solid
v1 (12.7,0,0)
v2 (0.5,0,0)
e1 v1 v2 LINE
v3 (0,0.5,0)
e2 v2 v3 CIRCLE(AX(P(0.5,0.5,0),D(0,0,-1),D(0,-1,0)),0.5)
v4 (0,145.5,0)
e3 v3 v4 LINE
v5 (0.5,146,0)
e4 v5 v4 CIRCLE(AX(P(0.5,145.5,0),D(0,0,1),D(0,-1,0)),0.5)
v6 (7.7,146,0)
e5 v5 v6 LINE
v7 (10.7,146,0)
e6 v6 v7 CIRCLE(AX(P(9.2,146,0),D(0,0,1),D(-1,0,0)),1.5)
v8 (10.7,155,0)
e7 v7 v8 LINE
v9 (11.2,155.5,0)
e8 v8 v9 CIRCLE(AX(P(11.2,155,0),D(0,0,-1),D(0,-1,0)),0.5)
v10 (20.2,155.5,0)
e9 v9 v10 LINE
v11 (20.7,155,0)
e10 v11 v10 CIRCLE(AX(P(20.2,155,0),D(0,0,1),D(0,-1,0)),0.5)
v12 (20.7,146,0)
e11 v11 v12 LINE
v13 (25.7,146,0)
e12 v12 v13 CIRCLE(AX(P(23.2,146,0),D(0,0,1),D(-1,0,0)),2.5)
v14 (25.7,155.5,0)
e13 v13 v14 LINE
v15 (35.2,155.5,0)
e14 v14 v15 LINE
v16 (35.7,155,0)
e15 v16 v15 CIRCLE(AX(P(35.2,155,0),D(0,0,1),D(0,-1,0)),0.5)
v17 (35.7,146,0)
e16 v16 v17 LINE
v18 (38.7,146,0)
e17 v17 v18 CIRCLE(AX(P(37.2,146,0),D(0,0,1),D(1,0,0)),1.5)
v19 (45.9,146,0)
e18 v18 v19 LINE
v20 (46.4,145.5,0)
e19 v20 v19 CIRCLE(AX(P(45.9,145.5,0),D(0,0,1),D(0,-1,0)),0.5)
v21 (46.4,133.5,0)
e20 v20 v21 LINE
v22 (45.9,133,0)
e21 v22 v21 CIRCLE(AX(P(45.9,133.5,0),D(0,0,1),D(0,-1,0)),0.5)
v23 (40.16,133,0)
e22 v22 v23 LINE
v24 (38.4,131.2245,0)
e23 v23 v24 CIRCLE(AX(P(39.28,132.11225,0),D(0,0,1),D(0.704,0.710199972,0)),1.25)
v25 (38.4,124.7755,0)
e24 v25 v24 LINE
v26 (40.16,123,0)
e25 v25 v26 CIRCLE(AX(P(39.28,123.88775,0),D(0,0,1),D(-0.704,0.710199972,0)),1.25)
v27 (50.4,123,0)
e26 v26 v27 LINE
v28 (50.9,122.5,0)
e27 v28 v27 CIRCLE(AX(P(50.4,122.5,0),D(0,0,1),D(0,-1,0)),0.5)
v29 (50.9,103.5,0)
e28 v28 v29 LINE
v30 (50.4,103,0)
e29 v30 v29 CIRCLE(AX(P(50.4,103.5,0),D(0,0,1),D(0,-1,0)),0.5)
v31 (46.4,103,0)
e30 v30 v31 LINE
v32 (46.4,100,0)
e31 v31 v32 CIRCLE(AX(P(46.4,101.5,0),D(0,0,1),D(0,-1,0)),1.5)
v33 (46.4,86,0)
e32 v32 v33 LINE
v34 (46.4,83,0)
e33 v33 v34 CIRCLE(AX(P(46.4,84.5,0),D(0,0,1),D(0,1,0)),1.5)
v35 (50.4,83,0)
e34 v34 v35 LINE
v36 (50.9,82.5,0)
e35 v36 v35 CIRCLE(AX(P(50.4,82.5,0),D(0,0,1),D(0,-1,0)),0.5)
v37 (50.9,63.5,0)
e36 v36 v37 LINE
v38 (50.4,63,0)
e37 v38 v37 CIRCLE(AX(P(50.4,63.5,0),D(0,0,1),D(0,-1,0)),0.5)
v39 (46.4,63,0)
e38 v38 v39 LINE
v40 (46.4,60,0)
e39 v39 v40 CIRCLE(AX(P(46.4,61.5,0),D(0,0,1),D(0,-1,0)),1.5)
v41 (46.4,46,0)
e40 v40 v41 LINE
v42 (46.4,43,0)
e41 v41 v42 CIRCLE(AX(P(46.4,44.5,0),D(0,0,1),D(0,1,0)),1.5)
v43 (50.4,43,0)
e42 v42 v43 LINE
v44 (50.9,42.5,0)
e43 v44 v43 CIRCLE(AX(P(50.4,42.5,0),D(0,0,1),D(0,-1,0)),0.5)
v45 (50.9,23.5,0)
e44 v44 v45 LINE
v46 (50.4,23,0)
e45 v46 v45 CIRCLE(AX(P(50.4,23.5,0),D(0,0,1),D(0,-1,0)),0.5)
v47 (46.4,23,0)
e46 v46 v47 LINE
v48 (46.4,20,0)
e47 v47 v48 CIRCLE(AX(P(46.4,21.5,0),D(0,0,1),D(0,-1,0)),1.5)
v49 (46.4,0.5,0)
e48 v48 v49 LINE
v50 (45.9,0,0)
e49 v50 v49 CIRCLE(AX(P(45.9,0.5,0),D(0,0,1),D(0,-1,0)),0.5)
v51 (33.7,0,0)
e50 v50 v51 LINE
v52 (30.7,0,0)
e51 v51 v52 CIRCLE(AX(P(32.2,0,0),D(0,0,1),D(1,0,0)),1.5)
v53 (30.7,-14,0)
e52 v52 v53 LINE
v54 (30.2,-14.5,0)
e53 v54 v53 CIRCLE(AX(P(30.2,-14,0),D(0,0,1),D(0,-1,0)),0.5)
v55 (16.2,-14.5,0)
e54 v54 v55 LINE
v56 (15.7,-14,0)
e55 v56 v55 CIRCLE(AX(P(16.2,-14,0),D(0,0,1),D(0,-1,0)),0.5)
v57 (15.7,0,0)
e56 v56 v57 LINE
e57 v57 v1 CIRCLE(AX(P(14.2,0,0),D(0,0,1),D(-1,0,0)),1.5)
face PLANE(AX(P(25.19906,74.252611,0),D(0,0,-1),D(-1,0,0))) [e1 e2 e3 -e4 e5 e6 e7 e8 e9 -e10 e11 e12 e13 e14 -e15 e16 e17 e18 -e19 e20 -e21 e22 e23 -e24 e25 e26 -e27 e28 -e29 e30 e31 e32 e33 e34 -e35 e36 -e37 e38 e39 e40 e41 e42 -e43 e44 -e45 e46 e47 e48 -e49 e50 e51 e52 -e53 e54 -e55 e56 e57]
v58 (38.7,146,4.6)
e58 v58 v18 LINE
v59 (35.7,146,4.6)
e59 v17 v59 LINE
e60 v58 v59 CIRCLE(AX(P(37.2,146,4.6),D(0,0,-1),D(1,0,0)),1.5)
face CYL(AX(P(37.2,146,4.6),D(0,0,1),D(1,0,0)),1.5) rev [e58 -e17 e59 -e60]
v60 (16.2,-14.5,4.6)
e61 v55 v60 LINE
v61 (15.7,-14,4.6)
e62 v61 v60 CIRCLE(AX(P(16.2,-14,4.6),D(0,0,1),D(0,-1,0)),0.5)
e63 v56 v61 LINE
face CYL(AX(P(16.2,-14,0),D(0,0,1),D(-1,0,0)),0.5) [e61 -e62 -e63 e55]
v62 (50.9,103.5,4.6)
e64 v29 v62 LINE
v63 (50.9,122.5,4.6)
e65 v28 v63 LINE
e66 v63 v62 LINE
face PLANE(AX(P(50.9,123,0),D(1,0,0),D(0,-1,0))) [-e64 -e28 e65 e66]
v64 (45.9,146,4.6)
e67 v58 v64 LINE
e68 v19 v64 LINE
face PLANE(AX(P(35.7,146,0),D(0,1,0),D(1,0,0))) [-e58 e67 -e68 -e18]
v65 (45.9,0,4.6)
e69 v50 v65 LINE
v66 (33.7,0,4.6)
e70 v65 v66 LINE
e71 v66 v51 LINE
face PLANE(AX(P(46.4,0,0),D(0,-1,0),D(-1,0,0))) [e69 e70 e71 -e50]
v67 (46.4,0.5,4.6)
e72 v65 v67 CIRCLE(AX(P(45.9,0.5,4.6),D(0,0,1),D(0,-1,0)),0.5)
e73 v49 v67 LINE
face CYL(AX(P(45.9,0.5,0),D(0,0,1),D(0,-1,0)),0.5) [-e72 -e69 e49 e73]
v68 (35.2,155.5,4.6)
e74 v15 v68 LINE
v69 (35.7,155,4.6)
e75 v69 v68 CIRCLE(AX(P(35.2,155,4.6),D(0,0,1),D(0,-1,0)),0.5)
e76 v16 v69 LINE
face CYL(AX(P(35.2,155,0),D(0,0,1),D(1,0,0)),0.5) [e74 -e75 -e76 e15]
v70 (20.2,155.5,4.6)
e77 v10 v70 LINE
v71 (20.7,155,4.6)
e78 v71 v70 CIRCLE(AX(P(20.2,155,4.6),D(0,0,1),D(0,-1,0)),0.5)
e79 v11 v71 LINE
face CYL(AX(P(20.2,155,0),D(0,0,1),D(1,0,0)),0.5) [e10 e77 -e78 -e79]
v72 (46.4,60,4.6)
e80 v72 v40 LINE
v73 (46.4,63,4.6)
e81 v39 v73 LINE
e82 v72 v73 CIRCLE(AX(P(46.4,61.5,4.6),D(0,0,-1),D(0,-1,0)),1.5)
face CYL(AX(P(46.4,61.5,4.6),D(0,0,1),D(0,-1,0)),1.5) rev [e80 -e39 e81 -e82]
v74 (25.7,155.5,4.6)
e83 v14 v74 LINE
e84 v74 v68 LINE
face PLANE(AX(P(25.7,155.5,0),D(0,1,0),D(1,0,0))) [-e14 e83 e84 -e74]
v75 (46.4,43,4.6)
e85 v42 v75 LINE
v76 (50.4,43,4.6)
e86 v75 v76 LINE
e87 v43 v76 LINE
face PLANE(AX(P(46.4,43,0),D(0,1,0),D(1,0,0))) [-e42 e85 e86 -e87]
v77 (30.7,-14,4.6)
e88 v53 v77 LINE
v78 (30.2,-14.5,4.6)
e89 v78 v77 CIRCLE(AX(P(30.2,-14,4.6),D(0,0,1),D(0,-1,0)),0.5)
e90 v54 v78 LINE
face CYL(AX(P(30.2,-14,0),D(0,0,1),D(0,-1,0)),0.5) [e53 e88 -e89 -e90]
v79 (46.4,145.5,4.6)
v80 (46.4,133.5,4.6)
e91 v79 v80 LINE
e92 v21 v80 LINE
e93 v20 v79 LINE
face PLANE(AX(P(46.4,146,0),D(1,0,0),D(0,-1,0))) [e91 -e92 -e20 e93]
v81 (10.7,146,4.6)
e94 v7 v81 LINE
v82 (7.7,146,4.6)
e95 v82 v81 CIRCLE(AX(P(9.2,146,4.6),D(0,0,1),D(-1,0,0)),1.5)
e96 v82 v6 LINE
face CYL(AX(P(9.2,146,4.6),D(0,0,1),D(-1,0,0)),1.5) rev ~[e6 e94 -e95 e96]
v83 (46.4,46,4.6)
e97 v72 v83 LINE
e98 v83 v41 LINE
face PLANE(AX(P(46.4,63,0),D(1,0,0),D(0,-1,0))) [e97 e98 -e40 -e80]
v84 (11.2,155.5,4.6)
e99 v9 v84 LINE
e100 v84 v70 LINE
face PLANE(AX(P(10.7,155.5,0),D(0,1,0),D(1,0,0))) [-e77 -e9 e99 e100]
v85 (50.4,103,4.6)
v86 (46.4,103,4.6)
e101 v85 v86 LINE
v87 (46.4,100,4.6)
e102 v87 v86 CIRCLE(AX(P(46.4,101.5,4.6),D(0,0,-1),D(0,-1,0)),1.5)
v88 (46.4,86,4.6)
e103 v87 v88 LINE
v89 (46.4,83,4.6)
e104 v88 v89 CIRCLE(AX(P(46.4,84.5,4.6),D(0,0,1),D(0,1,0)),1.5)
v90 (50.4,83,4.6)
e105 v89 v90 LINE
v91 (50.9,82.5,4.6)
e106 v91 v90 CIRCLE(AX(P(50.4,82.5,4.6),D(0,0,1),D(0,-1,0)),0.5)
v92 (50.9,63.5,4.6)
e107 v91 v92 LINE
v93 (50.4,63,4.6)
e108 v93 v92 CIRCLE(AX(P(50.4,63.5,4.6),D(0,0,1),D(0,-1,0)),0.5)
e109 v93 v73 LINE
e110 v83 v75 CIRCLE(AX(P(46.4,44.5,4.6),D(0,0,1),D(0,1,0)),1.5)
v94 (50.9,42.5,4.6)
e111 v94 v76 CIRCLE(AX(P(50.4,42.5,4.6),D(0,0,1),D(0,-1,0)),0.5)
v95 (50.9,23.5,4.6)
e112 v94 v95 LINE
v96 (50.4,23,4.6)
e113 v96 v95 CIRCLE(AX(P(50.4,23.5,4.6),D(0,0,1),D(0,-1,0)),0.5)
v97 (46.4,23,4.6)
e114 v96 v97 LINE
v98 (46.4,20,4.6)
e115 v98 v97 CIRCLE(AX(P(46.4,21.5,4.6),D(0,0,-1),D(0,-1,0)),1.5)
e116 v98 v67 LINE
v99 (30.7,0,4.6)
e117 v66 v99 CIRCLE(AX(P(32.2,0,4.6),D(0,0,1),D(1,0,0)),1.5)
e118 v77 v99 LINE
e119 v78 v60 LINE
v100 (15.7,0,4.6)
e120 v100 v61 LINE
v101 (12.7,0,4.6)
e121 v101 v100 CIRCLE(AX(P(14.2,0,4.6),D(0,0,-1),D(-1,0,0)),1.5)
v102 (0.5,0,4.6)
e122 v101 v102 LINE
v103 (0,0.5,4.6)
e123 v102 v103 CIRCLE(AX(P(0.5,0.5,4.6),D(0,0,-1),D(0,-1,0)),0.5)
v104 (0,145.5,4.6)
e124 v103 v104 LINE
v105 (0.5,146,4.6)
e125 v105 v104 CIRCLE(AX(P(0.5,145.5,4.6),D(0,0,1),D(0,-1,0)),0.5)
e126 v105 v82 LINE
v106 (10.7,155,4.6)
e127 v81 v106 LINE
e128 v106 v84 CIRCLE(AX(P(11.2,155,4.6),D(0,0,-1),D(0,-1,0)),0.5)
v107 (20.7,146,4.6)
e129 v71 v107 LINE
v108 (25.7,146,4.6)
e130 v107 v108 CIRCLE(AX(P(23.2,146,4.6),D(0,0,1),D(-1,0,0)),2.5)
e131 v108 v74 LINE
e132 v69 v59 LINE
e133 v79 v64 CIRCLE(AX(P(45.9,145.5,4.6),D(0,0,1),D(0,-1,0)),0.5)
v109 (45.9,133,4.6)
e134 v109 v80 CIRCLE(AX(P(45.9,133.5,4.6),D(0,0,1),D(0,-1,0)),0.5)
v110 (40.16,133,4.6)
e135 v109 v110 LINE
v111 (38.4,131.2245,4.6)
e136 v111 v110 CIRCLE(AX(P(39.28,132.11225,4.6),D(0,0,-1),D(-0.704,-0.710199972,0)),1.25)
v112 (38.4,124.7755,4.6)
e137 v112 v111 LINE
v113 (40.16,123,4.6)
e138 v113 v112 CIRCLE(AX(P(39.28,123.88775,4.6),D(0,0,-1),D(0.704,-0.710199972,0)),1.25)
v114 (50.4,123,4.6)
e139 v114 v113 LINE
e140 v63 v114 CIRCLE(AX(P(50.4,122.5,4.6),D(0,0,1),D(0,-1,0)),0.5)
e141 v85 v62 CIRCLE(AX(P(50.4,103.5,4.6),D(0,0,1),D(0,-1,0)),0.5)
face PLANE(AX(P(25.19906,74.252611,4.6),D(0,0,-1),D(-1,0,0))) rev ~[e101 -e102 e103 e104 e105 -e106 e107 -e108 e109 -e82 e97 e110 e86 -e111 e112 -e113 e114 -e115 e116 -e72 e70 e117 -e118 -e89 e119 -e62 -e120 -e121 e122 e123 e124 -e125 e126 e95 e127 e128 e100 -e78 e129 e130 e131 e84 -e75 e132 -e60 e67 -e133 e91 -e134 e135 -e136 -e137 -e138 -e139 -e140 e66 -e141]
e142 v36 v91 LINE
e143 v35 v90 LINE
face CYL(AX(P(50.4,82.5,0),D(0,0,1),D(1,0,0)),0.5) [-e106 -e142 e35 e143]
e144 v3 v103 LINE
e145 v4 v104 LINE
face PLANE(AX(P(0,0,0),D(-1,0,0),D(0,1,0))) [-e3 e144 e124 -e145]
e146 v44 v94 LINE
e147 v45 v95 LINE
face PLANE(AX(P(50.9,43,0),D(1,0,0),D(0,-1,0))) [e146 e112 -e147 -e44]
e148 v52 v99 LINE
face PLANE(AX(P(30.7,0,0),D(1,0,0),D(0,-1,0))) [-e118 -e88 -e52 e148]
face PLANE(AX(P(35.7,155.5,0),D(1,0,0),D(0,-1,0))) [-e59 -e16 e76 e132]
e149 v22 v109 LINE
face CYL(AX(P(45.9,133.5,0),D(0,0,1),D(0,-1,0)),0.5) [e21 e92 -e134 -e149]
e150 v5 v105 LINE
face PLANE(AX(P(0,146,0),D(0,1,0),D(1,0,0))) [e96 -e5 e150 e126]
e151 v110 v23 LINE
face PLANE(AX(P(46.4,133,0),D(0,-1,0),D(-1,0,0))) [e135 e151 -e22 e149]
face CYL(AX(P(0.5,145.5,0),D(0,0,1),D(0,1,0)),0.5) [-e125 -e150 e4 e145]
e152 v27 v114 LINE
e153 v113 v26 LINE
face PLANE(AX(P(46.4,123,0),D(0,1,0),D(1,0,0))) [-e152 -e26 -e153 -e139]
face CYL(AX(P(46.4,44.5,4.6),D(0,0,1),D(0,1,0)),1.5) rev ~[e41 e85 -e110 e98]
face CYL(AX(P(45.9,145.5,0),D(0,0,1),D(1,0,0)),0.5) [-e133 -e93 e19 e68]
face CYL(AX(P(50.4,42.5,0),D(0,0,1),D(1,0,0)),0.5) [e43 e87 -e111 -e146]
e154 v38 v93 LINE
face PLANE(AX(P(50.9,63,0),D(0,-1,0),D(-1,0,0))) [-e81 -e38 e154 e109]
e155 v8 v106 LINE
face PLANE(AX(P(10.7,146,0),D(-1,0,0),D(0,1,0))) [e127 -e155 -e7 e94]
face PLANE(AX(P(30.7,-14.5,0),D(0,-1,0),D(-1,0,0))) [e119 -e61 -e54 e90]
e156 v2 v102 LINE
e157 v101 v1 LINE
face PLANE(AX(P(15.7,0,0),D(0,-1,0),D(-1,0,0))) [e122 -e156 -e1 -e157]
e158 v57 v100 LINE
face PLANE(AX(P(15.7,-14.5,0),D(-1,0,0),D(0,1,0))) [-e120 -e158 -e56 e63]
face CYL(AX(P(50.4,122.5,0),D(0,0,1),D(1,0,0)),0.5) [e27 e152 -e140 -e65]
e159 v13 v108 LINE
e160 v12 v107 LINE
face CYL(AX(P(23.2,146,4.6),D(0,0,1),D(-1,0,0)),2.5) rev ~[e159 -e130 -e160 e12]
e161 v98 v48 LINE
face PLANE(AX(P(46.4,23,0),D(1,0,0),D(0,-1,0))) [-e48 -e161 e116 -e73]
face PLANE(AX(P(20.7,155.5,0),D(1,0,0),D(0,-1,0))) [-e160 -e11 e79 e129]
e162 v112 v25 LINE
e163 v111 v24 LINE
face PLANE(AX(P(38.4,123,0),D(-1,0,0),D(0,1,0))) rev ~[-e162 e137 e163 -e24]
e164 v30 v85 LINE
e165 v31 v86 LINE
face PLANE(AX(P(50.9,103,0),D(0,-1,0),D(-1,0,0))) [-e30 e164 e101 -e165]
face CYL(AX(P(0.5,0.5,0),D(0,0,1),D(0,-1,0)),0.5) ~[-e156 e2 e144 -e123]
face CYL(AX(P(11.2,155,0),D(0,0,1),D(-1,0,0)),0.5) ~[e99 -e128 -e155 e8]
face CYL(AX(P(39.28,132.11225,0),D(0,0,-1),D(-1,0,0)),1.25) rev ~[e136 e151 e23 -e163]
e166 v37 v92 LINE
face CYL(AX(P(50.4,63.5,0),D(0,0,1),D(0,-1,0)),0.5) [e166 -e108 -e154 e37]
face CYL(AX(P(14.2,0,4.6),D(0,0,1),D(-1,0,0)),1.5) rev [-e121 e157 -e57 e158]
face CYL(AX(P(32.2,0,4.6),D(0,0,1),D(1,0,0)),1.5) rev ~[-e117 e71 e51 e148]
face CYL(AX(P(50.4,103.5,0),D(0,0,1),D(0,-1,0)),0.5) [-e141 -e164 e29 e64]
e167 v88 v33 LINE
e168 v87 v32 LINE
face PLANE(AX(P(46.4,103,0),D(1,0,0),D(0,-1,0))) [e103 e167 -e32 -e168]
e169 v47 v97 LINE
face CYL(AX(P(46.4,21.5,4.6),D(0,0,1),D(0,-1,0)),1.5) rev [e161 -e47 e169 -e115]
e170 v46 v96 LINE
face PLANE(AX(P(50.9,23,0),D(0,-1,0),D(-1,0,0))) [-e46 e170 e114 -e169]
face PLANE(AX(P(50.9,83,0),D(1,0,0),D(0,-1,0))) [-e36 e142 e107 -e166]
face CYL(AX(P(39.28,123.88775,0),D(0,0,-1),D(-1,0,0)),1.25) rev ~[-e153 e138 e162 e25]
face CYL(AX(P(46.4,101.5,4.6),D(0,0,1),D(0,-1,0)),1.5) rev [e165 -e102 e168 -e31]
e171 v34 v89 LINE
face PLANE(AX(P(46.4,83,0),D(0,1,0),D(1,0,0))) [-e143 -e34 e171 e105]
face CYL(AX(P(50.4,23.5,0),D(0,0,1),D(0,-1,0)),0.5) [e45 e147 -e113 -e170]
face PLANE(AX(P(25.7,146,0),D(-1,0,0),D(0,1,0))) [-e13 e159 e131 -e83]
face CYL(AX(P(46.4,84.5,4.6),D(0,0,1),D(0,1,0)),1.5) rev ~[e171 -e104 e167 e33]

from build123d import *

# Parameters (mm, degrees)
BOSS_EXTRUDE1_DEPTH = 4.6
CUT_EXTRUDE1_DEPTH  = 164.683291756
SKETCH8_W           = 8
SKETCH8_H           = 10
CUT_EXTRUDE4_DEPTH  = 10
SKETCH9_R           = 1.25
CUT_EXTRUDE5_DEPTH  = 10
FILLET1_R           = 0.5


with BuildPart() as part:
    # Sketch1 → Boss-Extrude1 (new body)
    with BuildSketch(Plane.XY):
        Polygon((10.7, 146), (10.7, 155.5), (20.7, 155.5), (20.7, 146), (25.7, 146), (25.7, 155.5), (35.7, 155.5), (35.7, 146), (46.4, 146), (46.4, 123), (50.9, 123), (50.9, 103), (46.4, 103), (46.4, 83), (50.9, 83), (50.9, 63), (46.4, 63), (46.4, 43), (50.9, 43), (50.9, 23), (46.4, 23), (46.4, 0), (30.7, 0), (30.7, -14.5), (15.7, -14.5), (15.7, 0), (0, 0), (0, 146), align=None)
    extrude(amount=BOSS_EXTRUDE1_DEPTH)

    # Sketch2 → Cut-Extrude1 (cut, through all)
    with BuildSketch(Plane.XY.offset(4.6)):
        with BuildLine():
            Line((15.7, 0), (15.7, -5))
            ThreePointArc((15.7, -5), (14.2, -6.5), (12.7, -5))
            Line((12.7, -5), (12.7, 0))
            ThreePointArc((12.7, 0), (14.2, 1.5), (15.7, 0))
        make_face()
        with BuildLine():
            Line((30.7, 0), (30.7, -5))
            ThreePointArc((30.7, -5), (32.2, -6.5), (33.7, -5))
            Line((33.7, -5), (33.7, 0))
            ThreePointArc((33.7, 0), (32.2, 1.5), (30.7, 0))
        make_face()
        with BuildLine():
            Line((46.4, 23), (50.9, 23))
            ThreePointArc((50.9, 23), (52.4, 21.5), (50.9, 20))
            Line((50.9, 20), (46.4, 20))
            ThreePointArc((46.4, 20), (44.9, 21.5), (46.4, 23))
        make_face()
        with BuildLine():
            Line((46.4, 63), (50.9, 63))
            ThreePointArc((50.9, 63), (52.4, 61.5), (50.9, 60))
            Line((50.9, 60), (46.4, 60))
            ThreePointArc((46.4, 60), (44.9, 61.5), (46.4, 63))
        make_face()
        with BuildLine():
            Line((46.4, 103), (50.9, 103))
            ThreePointArc((50.9, 103), (52.4, 101.5), (50.9, 100))
            Line((50.9, 100), (46.4, 100))
            ThreePointArc((46.4, 100), (44.9, 101.5), (46.4, 103))
        make_face()
        with BuildLine():
            Line((46.4, 43), (50.9, 43))
            ThreePointArc((50.9, 43), (52.4, 44.5), (50.9, 46))
            Line((50.9, 46), (46.4, 46))
            ThreePointArc((46.4, 46), (44.9, 44.5), (46.4, 43))
        make_face()
        with BuildLine():
            Line((46.4, 83), (50.9, 83))
            ThreePointArc((50.9, 83), (52.4, 84.5), (50.9, 86))
            Line((50.9, 86), (46.4, 86))
            ThreePointArc((46.4, 86), (44.9, 84.5), (46.4, 83))
        make_face()
        with BuildLine():
            Line((35.7, 146), (35.7, 155.5))
            ThreePointArc((35.7, 155.5), (37.2, 157), (38.7, 155.5))
            Line((38.7, 155.5), (38.7, 146))
            ThreePointArc((38.7, 146), (37.2, 144.5), (35.7, 146))
        make_face()
        with BuildLine():
            Line((25.7, 146), (25.7, 155.5))
            ThreePointArc((25.7, 155.5), (23.2, 158), (20.7, 155.5))
            Line((20.7, 155.5), (20.7, 146))
            ThreePointArc((20.7, 146), (23.2, 143.5), (25.7, 146))
        make_face()
        with BuildLine():
            Line((10.7, 146), (10.7, 155.5))
            ThreePointArc((10.7, 155.5), (9.2, 157), (7.7, 155.5))
            Line((7.7, 155.5), (7.7, 146))
            ThreePointArc((7.7, 146), (9.2, 144.5), (10.7, 146))
        make_face()
    extrude(amount=-CUT_EXTRUDE1_DEPTH, mode=Mode.SUBTRACT)

    # Sketch8 → Cut-Extrude4 (cut)
    with BuildSketch(Plane(origin=(0, 0, 0), x_dir=(-1, 0, 0), z_dir=(0, 0, -1))):
        with Locations((-42.4, 128)):
            Rectangle(SKETCH8_W, SKETCH8_H)
    extrude(amount=-CUT_EXTRUDE4_DEPTH, mode=Mode.SUBTRACT)

    # Sketch9 → Cut-Extrude5 (cut)
    with BuildSketch(Plane(origin=(0, 0, 0), x_dir=(-1, 0, 0), z_dir=(0, 0, -1))):
        with Locations((-39.28, 132.112250035)):
            Circle(SKETCH9_R)
        with Locations((-39.28, 123.887749965)):
            Circle(SKETCH9_R)
    extrude(amount=-CUT_EXTRUDE5_DEPTH, mode=Mode.SUBTRACT)

    # Fillet1
    fillet1_edges = [part.edges().sort_by_distance(p)[0] for p in [
        (46.4, 133, 2.3),
        (0, 146, 2.3),
        (10.7, 155.5, 2.3),
        (20.7, 155.5, 2.3),
        (35.7, 155.5, 2.3),
        (46.4, 146, 2.3),
        (50.9, 123, 2.3),
        (50.9, 103, 2.3),
        (50.9, 83, 2.3),
        (50.9, 63, 2.3),
        (50.9, 43, 2.3),
        (50.9, 23, 2.3),
        (46.4, 0, 2.3),
        (30.7, -14.5, 2.3),
        (15.7, -14.5, 2.3),
        (0, 0, 2.3),
    ]]
    fillet(fillet1_edges, radius=FILLET1_R)


solid = part.part
